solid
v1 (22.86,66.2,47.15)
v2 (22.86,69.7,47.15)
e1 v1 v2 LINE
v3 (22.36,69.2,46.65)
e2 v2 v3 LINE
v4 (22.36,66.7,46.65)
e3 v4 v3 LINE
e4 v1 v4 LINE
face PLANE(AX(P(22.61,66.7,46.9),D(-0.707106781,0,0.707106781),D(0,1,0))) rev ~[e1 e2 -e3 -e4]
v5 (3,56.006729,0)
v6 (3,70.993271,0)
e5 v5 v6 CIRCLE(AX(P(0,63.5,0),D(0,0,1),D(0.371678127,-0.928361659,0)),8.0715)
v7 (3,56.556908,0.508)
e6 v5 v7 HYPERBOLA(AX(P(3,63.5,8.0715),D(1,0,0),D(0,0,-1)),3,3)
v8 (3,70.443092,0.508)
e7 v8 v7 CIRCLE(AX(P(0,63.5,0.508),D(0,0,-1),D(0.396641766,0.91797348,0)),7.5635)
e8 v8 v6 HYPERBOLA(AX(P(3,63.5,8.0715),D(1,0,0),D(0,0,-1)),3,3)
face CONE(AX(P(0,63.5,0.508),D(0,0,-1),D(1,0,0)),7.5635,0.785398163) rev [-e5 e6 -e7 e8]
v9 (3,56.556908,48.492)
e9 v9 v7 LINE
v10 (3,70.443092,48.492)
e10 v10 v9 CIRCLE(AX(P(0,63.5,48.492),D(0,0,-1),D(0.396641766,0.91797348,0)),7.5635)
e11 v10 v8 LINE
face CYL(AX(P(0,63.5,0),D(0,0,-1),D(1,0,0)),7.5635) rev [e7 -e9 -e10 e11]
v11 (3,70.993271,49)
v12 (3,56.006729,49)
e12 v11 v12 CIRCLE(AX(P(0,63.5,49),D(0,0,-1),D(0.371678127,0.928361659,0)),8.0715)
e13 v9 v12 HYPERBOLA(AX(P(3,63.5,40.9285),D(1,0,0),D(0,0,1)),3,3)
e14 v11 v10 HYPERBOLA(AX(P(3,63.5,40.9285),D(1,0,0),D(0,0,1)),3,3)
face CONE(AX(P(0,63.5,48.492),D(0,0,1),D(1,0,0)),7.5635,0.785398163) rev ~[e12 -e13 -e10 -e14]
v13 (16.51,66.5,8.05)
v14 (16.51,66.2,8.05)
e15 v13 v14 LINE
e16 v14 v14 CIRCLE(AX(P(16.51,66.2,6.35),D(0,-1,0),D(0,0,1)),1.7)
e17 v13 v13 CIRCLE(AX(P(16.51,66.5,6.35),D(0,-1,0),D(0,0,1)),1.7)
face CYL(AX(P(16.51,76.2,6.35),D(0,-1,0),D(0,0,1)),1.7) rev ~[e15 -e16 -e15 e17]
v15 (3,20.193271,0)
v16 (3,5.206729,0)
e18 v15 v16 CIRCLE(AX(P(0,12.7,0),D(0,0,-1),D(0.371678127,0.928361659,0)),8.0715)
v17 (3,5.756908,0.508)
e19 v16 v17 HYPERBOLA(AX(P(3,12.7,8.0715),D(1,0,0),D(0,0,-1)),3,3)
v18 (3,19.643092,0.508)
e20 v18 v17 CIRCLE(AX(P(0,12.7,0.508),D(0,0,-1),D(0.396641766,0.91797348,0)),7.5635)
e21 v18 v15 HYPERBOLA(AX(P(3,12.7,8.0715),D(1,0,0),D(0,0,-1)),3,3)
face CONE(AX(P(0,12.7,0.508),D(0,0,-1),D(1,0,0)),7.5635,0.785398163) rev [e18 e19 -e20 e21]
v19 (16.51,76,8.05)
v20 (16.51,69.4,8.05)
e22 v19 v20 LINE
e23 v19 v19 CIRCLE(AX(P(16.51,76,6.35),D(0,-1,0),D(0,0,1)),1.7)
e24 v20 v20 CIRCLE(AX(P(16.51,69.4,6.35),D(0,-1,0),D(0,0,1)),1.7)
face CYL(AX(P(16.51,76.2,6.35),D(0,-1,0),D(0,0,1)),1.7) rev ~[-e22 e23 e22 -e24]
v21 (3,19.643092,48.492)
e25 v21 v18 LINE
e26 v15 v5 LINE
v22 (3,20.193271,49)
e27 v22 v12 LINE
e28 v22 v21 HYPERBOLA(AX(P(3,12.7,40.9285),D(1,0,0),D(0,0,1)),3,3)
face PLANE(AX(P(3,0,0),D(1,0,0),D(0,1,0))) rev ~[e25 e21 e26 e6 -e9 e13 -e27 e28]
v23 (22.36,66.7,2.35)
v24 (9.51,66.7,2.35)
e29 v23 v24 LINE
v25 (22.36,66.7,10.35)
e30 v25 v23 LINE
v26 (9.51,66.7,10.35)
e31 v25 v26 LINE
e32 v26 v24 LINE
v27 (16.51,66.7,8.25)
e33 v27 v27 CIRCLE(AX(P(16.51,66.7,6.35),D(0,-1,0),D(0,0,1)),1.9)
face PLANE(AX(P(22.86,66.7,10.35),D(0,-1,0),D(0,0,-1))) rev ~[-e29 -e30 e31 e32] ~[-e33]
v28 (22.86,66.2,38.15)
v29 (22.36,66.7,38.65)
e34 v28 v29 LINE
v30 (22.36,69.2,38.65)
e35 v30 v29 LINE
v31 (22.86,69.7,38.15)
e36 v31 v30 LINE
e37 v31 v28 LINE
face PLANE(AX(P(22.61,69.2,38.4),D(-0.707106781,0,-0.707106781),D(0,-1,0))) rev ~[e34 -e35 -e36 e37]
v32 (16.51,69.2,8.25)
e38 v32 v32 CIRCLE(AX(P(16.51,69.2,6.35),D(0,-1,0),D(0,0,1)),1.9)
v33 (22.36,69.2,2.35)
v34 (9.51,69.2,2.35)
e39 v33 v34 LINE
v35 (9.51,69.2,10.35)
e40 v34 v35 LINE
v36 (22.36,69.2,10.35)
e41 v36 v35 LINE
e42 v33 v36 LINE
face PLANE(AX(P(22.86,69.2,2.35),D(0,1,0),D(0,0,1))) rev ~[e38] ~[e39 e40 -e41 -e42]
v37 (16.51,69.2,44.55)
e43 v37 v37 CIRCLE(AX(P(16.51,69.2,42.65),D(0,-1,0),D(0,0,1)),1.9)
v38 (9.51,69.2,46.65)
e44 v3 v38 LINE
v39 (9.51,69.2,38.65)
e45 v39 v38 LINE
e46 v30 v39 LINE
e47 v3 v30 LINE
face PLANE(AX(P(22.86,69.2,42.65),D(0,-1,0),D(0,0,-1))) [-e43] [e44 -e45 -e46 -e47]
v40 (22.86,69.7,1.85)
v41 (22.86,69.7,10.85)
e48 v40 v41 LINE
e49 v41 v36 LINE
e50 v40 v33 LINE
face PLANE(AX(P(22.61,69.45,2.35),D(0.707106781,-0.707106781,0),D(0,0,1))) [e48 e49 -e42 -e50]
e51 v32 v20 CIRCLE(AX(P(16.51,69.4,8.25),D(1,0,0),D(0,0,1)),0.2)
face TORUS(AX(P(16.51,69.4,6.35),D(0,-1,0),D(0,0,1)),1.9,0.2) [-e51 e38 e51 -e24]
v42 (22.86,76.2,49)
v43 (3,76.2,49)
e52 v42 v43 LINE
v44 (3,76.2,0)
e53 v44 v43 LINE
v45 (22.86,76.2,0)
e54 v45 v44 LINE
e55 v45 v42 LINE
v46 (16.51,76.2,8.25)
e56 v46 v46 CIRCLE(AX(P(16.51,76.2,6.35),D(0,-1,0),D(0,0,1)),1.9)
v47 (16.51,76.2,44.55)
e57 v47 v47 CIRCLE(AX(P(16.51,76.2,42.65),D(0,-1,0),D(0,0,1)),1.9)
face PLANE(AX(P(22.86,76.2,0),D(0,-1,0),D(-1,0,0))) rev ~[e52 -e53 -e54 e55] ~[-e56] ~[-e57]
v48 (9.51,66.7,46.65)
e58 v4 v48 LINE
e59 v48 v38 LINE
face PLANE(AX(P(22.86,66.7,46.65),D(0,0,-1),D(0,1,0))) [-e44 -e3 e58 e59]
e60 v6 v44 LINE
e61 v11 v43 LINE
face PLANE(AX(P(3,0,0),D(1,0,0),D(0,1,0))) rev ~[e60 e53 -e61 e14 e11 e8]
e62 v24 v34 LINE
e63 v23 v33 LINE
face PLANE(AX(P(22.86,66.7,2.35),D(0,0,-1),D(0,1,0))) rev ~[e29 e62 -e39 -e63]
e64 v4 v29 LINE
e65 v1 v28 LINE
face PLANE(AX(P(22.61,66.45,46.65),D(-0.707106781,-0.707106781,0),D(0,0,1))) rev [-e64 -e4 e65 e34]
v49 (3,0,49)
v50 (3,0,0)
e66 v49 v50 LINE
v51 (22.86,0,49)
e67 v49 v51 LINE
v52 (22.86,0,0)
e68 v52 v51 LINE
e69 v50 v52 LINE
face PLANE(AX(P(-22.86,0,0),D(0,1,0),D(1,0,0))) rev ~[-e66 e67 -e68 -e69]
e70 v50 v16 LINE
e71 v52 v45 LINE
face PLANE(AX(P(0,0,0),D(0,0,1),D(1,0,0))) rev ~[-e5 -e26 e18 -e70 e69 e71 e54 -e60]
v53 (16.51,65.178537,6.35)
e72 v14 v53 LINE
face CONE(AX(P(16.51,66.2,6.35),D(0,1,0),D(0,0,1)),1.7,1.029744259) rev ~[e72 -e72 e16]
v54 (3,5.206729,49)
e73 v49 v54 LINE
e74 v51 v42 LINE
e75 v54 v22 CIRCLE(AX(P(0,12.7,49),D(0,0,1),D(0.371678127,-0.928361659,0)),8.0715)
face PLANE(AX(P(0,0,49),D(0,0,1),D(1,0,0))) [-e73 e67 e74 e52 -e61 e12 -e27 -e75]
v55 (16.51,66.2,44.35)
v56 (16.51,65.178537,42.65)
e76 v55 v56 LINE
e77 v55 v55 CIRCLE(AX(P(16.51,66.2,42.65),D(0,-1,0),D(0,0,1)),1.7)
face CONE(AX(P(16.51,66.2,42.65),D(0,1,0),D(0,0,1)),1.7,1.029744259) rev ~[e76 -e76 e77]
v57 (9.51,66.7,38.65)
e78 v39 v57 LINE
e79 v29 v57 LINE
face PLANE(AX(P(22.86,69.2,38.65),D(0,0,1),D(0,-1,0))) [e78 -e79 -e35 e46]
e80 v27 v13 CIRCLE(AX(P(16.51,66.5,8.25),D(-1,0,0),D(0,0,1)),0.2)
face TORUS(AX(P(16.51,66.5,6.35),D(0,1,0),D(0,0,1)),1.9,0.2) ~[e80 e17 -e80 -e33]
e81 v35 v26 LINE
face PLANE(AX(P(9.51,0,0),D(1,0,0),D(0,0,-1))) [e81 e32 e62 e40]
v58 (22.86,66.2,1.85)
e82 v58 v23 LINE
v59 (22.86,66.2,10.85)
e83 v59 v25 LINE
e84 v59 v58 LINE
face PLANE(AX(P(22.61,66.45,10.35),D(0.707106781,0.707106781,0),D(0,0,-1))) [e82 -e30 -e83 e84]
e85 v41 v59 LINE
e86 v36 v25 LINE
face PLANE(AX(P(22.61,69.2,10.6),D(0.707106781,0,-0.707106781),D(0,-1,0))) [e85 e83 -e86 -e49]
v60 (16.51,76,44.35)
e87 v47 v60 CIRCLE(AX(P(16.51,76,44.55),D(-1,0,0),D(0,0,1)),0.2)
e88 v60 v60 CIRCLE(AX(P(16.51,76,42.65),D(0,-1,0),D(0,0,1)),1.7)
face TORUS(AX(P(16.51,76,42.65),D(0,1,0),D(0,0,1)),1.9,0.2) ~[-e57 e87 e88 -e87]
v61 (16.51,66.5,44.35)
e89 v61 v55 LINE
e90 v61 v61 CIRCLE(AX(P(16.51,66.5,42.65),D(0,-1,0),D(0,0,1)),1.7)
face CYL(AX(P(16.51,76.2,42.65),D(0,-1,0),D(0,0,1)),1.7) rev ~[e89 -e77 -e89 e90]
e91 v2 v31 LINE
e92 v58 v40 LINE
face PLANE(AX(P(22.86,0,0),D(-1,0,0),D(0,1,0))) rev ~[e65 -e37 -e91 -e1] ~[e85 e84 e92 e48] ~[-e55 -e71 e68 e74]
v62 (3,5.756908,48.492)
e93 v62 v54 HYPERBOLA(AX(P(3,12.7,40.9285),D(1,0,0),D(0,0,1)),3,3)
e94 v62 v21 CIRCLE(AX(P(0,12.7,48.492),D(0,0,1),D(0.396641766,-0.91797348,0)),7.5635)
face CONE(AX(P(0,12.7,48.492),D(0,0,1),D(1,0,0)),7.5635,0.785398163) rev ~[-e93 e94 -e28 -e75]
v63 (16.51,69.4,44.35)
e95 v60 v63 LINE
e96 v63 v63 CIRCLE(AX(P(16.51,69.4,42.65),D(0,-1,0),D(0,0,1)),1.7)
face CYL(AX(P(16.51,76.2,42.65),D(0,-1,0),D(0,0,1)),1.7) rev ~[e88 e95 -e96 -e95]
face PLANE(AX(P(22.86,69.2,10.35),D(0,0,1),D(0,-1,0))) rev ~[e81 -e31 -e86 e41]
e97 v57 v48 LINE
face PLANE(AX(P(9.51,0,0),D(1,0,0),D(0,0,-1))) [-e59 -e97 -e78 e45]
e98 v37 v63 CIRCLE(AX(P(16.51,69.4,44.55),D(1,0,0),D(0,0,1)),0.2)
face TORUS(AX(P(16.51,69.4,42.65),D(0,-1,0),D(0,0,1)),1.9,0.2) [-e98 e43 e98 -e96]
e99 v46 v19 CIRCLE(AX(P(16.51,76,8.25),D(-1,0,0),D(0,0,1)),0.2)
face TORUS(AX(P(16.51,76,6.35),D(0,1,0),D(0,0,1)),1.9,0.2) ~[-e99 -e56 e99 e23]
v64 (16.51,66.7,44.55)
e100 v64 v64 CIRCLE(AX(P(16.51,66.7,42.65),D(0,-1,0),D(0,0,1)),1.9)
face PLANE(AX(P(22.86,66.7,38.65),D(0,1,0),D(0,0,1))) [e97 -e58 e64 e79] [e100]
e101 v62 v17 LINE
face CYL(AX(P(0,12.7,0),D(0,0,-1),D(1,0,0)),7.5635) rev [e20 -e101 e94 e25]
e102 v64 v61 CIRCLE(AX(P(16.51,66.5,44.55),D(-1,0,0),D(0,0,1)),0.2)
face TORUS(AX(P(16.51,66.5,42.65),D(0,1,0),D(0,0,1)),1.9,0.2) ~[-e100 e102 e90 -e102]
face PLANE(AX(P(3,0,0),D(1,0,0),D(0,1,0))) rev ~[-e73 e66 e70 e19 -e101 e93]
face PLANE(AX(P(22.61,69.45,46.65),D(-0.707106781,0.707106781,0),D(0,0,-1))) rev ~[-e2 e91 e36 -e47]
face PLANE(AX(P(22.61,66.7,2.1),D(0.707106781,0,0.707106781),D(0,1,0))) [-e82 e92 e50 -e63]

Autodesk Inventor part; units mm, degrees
ref_plane "XZ Plane" through (0, 0, 0) normal (0, 1, 0) x (-1, 0, 0)
sketch "Sketch1" plane through (0, 0, 0) normal (0, 0, 1) x (1, 0, 0)
  line L0 (-22.86, 0) -> (22.86, 0)
  line L1 (22.86, 0) -> (22.86, 76.2)
  line L2 (22.86, 76.2) -> (-22.86, 76.2)
  line L3 (-22.86, 76.2) -> (-22.86, 0)
  circle A0 centre (0, 63.5) radius 7.5635
  circle A1 centre (0, 12.7) radius 7.5635
  point P0 (0, 0)
  point P1 (0, 76.2)
  point P2 (0, 0)
  dimension "d0" = 76.2
  dimension "d1" = 15.127
  dimension "d2" = 15.127
  dimension "d3" = 45.72
  dimension "d4" = 12.7
  dimension "d5" = 50.8
  dimension "d7" = 12.7
  dimension "d8" = 0
extrude "Extrusion1" add sketch "Sketch1" along normal blind 49
chamfer "Chamfer1" distance 0.508 angle 45 4 edges at (-7.5635, 63.5, 49) (-7.5635, 12.7, 49) (-7.5635, 63.5, 0) (-7.5635, 12.7, 0)
ref_plane "Work Plane1" through (0, 0, 0) normal (1, 0, 0) x (0, 1, 0)
ref_plane "Work Plane2" through (3, 0, 0) normal (1, 0, 0) x (0, 1, 0)
sketch "Sketch4" plane through (3, 0, 0) normal (1, 0, 0) x (0, 1, 0)
  line L0 (80.0176, -3.1701) -> (-4.1539, -3.1701)
  line L1 (-4.1539, -3.1701) -> (-4.1539, 52.5799)
  line L2 (-4.1539, 52.5799) -> (80.0176, 52.5799)
  line L3 (80.0176, 52.5799) -> (80.0176, -3.1701)
  point P0 (0, 0)
extrude "Extrusion3" cut sketch "Sketch4" against normal blind 100
sketch "Sketch5" plane through (22.86, 76.2, 49) normal (0, 1, 0) x (1, 0, 0)
  circle A0 centre (-6.35, 42.65) radius 2.6622
  circle A1 centre (-6.35, 6.35) radius 2.7742
  line L0 (0, 49) -> (0, 0) projected
  line L1 (0, 49) -> (-19.86, 49) projected
  line L2 (0, 0) -> (-19.86, 0) projected
  point P0 (-22.86, 49)
  dimension "d29" = 5.3244
  dimension "d30" = 6.35
  dimension "d31" = 6.35
  dimension "d32" = 6.35
  dimension "d33" = 6.35
hole "Hole1" at (16.51, 76.2, 42.65) at (16.51, 76.2, 6.35) direction (0, -1, 0) diameter 3.4 depth 10 tip angle 118 clearance for "Socket Head Cap Screw" size "M3" standard "Ansi Metric M Profile"
sketch "Sketch6" plane through (22.86, 0, 0) normal (1, 0, 0) x (0, 0, -1)
  line L0 (-44.35, 76.2) -> (-40.95, 76.2) projected
  line L1 (-8.05, 76.2) -> (-4.65, 76.2) projected
  line L2 (-42.65, 76.2) -> (-42.65, 0)
  line L3 (0, 0) -> (-49, 0) projected
  line L4 (0, 76.2) -> (-49, 76.2) projected
  line L5 (-24.5, 76.2) -> (-24.5, 0)
  line L6 (-49, 0) -> (0, 0) projected
  line L7 (-46.65, 69.2) -> (-38.65, 69.2)
  line L8 (-38.65, 69.2) -> (-38.65, 66.7)
  line L9 (-38.65, 66.7) -> (-46.65, 66.7)
  line L10 (-46.65, 66.7) -> (-46.65, 69.2)
  line L11 (-2.35, 69.2) -> (-10.35, 69.2)
  line L12 (-10.35, 69.2) -> (-10.35, 66.7)
  line L13 (-10.35, 66.7) -> (-2.35, 66.7)
  line L14 (-2.35, 66.7) -> (-2.35, 69.2)
  point P0 (-42.65, 69.2)
  point P1 (-38.65, 67.95)
  point P2 (-46.65, 67.95)
  dimension "d41" = 2.5
  dimension "d42" = 7
  dimension "d43" = 8
extrude "Extrusion4" cut sketch "Sketch6" against normal blind 13.35 contours L7 L8 L9 L2 | L2 L9 L10 L7 | L14 L13 L12 L11
fillet "Fillet1" radius 0.2 6 edges at (16.51, 76.2, 40.95) (16.51, 76.2, 4.65) (16.51, 66.7, 4.65) (16.51, 69.2, 4.65) (16.51, 69.2, 40.95) (16.51, 66.7, 40.95)
chamfer "Chamfer2" distance 0.5 angle 45 8 edges at (22.86, 69.2, 42.65) (22.86, 67.95, 38.65) (22.86, 66.7, 42.65) (22.86, 67.95, 46.65) (22.86, 69.2, 6.35) (22.86, 67.95, 10.35) (22.86, 66.7, 6.35) (22.86, 67.95, 2.35)
equation "\"d1\" = d2"
properties part number "Carriage Design"
